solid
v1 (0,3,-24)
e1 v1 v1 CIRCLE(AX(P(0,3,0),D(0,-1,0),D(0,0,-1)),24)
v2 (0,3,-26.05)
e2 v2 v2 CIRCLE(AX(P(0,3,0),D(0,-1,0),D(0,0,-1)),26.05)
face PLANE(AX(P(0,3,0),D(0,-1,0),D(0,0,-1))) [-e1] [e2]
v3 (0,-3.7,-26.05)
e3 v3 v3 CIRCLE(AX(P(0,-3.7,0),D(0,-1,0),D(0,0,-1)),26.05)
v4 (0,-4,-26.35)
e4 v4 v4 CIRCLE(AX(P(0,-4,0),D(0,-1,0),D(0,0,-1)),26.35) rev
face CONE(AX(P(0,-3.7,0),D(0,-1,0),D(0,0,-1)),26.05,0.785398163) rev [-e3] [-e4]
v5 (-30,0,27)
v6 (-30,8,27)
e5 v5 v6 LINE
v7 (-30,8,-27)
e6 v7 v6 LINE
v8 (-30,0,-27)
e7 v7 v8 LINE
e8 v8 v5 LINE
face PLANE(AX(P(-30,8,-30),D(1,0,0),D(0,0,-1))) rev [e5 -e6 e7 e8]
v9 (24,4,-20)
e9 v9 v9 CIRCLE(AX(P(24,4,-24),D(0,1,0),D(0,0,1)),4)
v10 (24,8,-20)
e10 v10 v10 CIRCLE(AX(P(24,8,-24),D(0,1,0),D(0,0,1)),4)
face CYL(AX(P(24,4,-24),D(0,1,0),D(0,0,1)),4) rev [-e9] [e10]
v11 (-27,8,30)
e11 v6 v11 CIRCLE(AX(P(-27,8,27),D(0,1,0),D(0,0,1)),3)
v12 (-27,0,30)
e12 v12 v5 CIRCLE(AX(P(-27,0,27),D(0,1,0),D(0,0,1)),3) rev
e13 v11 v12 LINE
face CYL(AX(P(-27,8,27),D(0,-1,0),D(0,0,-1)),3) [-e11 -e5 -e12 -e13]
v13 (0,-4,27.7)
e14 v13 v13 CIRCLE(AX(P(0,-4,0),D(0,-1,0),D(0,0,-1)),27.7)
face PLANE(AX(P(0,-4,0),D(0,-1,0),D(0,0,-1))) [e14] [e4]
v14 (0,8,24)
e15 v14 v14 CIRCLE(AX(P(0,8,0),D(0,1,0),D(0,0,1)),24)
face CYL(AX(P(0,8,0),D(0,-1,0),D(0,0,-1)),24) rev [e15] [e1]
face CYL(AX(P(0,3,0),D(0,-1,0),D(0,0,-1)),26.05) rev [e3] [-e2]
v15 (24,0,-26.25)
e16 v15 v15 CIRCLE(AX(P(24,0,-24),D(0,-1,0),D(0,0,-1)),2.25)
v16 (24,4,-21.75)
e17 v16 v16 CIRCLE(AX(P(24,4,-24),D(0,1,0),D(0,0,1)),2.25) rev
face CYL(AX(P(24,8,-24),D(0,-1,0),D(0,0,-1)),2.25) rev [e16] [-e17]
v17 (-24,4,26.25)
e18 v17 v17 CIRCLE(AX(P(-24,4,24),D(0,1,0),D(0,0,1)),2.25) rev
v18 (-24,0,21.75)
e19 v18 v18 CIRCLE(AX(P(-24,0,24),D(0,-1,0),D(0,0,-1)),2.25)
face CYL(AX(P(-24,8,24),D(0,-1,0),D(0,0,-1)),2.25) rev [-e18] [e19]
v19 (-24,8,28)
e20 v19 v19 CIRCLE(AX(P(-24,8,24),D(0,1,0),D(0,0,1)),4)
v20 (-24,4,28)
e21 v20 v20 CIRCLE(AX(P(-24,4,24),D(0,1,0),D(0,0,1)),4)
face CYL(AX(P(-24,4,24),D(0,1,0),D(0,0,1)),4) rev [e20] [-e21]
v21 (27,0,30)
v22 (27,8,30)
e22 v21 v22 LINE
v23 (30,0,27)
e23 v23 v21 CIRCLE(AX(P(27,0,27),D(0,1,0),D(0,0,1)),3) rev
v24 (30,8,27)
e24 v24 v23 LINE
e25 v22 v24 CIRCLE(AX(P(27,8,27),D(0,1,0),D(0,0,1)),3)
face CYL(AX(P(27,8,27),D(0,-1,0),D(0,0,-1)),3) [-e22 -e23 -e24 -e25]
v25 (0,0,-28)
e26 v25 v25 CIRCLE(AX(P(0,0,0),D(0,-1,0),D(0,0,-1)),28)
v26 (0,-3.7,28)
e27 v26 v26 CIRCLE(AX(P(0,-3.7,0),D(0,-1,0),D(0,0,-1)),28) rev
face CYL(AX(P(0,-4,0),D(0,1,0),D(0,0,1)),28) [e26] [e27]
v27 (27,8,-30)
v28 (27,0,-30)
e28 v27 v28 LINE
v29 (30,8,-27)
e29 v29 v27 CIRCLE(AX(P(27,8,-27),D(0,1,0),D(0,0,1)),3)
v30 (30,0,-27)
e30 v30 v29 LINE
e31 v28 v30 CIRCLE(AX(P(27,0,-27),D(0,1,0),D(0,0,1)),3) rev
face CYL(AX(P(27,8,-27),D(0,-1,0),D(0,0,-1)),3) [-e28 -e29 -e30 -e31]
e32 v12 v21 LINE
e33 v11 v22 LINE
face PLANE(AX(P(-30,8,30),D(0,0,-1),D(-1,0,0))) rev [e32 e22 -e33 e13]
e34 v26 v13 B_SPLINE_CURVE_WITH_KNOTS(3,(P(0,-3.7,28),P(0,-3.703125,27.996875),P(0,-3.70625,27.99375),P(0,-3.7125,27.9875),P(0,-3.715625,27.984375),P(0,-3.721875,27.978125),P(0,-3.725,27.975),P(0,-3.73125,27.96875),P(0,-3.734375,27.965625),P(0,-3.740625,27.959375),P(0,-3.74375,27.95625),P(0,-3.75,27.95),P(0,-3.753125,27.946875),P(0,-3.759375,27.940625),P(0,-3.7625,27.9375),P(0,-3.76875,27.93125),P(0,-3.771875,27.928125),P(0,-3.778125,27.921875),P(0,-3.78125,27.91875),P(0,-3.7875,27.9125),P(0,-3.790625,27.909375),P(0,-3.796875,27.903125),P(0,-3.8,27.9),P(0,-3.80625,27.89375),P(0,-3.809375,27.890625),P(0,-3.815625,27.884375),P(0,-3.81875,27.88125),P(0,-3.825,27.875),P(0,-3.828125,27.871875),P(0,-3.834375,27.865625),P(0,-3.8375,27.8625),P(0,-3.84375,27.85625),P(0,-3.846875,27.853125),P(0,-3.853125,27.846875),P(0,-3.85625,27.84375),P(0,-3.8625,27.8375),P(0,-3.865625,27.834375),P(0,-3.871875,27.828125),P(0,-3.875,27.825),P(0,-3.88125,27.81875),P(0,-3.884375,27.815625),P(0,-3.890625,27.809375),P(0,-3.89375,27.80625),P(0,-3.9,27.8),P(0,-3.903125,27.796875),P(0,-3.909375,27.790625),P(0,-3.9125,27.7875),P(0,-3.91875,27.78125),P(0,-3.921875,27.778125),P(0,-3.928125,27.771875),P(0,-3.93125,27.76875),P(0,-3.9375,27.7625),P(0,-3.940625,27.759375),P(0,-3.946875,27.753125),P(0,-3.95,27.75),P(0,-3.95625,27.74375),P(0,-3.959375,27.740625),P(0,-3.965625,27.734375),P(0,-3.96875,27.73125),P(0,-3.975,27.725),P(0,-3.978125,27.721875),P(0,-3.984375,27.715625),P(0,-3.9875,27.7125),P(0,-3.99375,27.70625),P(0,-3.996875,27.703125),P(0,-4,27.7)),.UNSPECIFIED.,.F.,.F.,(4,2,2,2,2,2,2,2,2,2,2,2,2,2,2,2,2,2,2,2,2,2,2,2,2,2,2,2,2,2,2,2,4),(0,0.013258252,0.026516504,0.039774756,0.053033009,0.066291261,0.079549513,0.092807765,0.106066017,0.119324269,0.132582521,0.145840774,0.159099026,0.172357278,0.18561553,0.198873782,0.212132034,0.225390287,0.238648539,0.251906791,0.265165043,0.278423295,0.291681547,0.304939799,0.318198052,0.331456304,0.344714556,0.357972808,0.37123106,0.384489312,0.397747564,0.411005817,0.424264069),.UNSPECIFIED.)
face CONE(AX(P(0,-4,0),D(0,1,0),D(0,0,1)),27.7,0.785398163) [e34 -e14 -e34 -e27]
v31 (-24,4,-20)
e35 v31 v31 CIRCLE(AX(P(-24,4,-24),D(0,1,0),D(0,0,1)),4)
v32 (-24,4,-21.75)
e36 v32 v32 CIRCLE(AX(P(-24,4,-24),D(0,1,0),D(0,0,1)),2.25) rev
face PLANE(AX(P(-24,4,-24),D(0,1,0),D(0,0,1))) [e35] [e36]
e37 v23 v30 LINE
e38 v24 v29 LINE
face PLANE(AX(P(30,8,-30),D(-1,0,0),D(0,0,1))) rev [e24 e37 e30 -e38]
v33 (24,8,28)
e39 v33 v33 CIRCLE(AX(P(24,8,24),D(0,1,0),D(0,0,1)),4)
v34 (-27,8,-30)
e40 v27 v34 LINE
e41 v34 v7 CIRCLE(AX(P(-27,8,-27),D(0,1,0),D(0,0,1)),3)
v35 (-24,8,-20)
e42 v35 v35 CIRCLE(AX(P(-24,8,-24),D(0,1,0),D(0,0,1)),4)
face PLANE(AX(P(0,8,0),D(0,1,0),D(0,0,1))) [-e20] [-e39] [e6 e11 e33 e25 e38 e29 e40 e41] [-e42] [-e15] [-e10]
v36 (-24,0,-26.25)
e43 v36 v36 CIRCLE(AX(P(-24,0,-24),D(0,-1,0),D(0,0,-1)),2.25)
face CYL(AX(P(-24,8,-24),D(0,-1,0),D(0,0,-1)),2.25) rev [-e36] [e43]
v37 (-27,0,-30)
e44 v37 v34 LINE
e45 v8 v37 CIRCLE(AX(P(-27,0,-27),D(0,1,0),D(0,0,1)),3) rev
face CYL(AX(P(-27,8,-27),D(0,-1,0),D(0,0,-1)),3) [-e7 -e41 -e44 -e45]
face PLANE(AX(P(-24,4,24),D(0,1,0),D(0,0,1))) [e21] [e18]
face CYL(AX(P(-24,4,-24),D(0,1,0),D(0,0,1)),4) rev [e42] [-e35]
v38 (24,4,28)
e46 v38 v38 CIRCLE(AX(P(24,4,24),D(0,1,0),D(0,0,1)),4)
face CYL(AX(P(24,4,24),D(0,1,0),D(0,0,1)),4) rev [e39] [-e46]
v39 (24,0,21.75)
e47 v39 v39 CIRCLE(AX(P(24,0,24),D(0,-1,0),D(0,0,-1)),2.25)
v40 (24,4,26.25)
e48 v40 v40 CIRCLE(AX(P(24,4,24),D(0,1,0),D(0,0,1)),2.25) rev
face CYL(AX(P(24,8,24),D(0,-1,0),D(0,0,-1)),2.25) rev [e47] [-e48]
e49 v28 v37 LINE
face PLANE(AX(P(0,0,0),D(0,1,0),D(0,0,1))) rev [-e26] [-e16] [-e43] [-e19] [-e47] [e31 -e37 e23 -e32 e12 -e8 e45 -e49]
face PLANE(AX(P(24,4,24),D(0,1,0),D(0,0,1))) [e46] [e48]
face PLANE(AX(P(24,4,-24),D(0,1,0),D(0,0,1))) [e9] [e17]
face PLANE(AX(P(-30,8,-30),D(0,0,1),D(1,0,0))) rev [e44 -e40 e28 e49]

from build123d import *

# Parameters (mm, degrees)
SKETCH_1_W          = 60
SKETCH_1_H          = 60
SKETCH_1_R          = 24
EXTRUDE_1_DEPTH     = 8
SKETCH_2_R          = 28
SKETCH_2_R_2        = 26
EXTRUDE_2_DEPTH     = 4
SKETCH_3_R          = 2.25
CUT_EXTRUDE_1_DEPTH = 44.17406629
FILLET_1_R          = 3
SKETCH_4_R          = 26.05
CUT_EXTRUDE_2_DEPTH = 7
SKETCH_5_R          = 4
CUT_EXTRUDE_3_DEPTH = 4
CHAMFER_1_SIZE      = 0.3


with BuildPart() as part:
    # Эскиз1 → Бобышка-Вытянуть1 (new body)
    with BuildSketch(Plane(origin=(0, 0, 0), x_dir=(1, 0, 0), z_dir=(0, 1, 0))):
        Rectangle(SKETCH_1_W, SKETCH_1_H)
        with Locations(Location((0, 0, 0), (0, 0, 270))):
            Circle(SKETCH_1_R, mode=Mode.SUBTRACT)
    extrude(amount=EXTRUDE_1_DEPTH)

    # Эскиз2 → Бобышка-Вытянуть2 (add)
    with BuildSketch(Plane.XZ):
        with Locations(Location((0, 0, 0), (0, 0, 270))):
            Circle(SKETCH_2_R)
        with Locations(Location((0, 0, 0), (0, 0, 270))):
            Circle(SKETCH_2_R_2, mode=Mode.SUBTRACT)
    extrude(amount=EXTRUDE_2_DEPTH)

    # Эскиз3 → Вырез-Вытянуть1 (cut, through all)
    with BuildSketch(Plane(origin=(0, 0, 0), x_dir=(-1, 0, 0), z_dir=(0, -1, 0))):
        with Locations(Location((24, -24, 0), (0, 0, 90))):
            Circle(SKETCH_3_R)
        with Locations(Location((-24, -24, 0), (0, 0, 90))):
            Circle(SKETCH_3_R)
        with Locations(Location((-24, 24, 0), (0, 0, 90))):
            Circle(SKETCH_3_R)
        with Locations(Location((24, 24, 0), (0, 0, 90))):
            Circle(SKETCH_3_R)
    extrude(amount=-CUT_EXTRUDE_1_DEPTH, mode=Mode.SUBTRACT)

    # Скругление1
    fillet_1_edges = [part.edges().sort_by_distance(p)[0] for p in [
        (30, 4, 30),
        (-30, 4, 30),
        (-30, 4, -30),
        (30, 4, -30),
    ]]
    fillet(fillet_1_edges, radius=FILLET_1_R)

    # Эскиз4 → Вырез-Вытянуть2 (cut)
    with BuildSketch(Plane.XZ.offset(4)):
        with Locations(Location((0, 0, 0), (0, 0, 270))):
            Circle(SKETCH_4_R)
    extrude(amount=-CUT_EXTRUDE_2_DEPTH, mode=Mode.SUBTRACT)

    # Эскиз5 → Вырез-Вытянуть3 (cut)
    with BuildSketch(Plane(origin=(0, 8, 0), x_dir=(1, 0, 0), z_dir=(0, 1, 0))):
        with Locations(Location((-24, 24, 0), (0, 0, 270))):
            Circle(SKETCH_5_R)
        with Locations(Location((24, 24, 0), (0, 0, 270))):
            Circle(SKETCH_5_R)
        with Locations(Location((24, -24, 0), (0, 0, 270))):
            Circle(SKETCH_5_R)
        with Locations(Location((-24, -24, 0), (0, 0, 270))):
            Circle(SKETCH_5_R)
    extrude(amount=-CUT_EXTRUDE_3_DEPTH, mode=Mode.SUBTRACT)

    # Фаска1
    chamfer_1_edges = [part.edges().sort_by_distance(p)[0] for p in [
        (0, -4, 28),
        (0, -4, 26.05),
    ]]
    chamfer(chamfer_1_edges, length=CHAMFER_1_SIZE)


solid = part.part
